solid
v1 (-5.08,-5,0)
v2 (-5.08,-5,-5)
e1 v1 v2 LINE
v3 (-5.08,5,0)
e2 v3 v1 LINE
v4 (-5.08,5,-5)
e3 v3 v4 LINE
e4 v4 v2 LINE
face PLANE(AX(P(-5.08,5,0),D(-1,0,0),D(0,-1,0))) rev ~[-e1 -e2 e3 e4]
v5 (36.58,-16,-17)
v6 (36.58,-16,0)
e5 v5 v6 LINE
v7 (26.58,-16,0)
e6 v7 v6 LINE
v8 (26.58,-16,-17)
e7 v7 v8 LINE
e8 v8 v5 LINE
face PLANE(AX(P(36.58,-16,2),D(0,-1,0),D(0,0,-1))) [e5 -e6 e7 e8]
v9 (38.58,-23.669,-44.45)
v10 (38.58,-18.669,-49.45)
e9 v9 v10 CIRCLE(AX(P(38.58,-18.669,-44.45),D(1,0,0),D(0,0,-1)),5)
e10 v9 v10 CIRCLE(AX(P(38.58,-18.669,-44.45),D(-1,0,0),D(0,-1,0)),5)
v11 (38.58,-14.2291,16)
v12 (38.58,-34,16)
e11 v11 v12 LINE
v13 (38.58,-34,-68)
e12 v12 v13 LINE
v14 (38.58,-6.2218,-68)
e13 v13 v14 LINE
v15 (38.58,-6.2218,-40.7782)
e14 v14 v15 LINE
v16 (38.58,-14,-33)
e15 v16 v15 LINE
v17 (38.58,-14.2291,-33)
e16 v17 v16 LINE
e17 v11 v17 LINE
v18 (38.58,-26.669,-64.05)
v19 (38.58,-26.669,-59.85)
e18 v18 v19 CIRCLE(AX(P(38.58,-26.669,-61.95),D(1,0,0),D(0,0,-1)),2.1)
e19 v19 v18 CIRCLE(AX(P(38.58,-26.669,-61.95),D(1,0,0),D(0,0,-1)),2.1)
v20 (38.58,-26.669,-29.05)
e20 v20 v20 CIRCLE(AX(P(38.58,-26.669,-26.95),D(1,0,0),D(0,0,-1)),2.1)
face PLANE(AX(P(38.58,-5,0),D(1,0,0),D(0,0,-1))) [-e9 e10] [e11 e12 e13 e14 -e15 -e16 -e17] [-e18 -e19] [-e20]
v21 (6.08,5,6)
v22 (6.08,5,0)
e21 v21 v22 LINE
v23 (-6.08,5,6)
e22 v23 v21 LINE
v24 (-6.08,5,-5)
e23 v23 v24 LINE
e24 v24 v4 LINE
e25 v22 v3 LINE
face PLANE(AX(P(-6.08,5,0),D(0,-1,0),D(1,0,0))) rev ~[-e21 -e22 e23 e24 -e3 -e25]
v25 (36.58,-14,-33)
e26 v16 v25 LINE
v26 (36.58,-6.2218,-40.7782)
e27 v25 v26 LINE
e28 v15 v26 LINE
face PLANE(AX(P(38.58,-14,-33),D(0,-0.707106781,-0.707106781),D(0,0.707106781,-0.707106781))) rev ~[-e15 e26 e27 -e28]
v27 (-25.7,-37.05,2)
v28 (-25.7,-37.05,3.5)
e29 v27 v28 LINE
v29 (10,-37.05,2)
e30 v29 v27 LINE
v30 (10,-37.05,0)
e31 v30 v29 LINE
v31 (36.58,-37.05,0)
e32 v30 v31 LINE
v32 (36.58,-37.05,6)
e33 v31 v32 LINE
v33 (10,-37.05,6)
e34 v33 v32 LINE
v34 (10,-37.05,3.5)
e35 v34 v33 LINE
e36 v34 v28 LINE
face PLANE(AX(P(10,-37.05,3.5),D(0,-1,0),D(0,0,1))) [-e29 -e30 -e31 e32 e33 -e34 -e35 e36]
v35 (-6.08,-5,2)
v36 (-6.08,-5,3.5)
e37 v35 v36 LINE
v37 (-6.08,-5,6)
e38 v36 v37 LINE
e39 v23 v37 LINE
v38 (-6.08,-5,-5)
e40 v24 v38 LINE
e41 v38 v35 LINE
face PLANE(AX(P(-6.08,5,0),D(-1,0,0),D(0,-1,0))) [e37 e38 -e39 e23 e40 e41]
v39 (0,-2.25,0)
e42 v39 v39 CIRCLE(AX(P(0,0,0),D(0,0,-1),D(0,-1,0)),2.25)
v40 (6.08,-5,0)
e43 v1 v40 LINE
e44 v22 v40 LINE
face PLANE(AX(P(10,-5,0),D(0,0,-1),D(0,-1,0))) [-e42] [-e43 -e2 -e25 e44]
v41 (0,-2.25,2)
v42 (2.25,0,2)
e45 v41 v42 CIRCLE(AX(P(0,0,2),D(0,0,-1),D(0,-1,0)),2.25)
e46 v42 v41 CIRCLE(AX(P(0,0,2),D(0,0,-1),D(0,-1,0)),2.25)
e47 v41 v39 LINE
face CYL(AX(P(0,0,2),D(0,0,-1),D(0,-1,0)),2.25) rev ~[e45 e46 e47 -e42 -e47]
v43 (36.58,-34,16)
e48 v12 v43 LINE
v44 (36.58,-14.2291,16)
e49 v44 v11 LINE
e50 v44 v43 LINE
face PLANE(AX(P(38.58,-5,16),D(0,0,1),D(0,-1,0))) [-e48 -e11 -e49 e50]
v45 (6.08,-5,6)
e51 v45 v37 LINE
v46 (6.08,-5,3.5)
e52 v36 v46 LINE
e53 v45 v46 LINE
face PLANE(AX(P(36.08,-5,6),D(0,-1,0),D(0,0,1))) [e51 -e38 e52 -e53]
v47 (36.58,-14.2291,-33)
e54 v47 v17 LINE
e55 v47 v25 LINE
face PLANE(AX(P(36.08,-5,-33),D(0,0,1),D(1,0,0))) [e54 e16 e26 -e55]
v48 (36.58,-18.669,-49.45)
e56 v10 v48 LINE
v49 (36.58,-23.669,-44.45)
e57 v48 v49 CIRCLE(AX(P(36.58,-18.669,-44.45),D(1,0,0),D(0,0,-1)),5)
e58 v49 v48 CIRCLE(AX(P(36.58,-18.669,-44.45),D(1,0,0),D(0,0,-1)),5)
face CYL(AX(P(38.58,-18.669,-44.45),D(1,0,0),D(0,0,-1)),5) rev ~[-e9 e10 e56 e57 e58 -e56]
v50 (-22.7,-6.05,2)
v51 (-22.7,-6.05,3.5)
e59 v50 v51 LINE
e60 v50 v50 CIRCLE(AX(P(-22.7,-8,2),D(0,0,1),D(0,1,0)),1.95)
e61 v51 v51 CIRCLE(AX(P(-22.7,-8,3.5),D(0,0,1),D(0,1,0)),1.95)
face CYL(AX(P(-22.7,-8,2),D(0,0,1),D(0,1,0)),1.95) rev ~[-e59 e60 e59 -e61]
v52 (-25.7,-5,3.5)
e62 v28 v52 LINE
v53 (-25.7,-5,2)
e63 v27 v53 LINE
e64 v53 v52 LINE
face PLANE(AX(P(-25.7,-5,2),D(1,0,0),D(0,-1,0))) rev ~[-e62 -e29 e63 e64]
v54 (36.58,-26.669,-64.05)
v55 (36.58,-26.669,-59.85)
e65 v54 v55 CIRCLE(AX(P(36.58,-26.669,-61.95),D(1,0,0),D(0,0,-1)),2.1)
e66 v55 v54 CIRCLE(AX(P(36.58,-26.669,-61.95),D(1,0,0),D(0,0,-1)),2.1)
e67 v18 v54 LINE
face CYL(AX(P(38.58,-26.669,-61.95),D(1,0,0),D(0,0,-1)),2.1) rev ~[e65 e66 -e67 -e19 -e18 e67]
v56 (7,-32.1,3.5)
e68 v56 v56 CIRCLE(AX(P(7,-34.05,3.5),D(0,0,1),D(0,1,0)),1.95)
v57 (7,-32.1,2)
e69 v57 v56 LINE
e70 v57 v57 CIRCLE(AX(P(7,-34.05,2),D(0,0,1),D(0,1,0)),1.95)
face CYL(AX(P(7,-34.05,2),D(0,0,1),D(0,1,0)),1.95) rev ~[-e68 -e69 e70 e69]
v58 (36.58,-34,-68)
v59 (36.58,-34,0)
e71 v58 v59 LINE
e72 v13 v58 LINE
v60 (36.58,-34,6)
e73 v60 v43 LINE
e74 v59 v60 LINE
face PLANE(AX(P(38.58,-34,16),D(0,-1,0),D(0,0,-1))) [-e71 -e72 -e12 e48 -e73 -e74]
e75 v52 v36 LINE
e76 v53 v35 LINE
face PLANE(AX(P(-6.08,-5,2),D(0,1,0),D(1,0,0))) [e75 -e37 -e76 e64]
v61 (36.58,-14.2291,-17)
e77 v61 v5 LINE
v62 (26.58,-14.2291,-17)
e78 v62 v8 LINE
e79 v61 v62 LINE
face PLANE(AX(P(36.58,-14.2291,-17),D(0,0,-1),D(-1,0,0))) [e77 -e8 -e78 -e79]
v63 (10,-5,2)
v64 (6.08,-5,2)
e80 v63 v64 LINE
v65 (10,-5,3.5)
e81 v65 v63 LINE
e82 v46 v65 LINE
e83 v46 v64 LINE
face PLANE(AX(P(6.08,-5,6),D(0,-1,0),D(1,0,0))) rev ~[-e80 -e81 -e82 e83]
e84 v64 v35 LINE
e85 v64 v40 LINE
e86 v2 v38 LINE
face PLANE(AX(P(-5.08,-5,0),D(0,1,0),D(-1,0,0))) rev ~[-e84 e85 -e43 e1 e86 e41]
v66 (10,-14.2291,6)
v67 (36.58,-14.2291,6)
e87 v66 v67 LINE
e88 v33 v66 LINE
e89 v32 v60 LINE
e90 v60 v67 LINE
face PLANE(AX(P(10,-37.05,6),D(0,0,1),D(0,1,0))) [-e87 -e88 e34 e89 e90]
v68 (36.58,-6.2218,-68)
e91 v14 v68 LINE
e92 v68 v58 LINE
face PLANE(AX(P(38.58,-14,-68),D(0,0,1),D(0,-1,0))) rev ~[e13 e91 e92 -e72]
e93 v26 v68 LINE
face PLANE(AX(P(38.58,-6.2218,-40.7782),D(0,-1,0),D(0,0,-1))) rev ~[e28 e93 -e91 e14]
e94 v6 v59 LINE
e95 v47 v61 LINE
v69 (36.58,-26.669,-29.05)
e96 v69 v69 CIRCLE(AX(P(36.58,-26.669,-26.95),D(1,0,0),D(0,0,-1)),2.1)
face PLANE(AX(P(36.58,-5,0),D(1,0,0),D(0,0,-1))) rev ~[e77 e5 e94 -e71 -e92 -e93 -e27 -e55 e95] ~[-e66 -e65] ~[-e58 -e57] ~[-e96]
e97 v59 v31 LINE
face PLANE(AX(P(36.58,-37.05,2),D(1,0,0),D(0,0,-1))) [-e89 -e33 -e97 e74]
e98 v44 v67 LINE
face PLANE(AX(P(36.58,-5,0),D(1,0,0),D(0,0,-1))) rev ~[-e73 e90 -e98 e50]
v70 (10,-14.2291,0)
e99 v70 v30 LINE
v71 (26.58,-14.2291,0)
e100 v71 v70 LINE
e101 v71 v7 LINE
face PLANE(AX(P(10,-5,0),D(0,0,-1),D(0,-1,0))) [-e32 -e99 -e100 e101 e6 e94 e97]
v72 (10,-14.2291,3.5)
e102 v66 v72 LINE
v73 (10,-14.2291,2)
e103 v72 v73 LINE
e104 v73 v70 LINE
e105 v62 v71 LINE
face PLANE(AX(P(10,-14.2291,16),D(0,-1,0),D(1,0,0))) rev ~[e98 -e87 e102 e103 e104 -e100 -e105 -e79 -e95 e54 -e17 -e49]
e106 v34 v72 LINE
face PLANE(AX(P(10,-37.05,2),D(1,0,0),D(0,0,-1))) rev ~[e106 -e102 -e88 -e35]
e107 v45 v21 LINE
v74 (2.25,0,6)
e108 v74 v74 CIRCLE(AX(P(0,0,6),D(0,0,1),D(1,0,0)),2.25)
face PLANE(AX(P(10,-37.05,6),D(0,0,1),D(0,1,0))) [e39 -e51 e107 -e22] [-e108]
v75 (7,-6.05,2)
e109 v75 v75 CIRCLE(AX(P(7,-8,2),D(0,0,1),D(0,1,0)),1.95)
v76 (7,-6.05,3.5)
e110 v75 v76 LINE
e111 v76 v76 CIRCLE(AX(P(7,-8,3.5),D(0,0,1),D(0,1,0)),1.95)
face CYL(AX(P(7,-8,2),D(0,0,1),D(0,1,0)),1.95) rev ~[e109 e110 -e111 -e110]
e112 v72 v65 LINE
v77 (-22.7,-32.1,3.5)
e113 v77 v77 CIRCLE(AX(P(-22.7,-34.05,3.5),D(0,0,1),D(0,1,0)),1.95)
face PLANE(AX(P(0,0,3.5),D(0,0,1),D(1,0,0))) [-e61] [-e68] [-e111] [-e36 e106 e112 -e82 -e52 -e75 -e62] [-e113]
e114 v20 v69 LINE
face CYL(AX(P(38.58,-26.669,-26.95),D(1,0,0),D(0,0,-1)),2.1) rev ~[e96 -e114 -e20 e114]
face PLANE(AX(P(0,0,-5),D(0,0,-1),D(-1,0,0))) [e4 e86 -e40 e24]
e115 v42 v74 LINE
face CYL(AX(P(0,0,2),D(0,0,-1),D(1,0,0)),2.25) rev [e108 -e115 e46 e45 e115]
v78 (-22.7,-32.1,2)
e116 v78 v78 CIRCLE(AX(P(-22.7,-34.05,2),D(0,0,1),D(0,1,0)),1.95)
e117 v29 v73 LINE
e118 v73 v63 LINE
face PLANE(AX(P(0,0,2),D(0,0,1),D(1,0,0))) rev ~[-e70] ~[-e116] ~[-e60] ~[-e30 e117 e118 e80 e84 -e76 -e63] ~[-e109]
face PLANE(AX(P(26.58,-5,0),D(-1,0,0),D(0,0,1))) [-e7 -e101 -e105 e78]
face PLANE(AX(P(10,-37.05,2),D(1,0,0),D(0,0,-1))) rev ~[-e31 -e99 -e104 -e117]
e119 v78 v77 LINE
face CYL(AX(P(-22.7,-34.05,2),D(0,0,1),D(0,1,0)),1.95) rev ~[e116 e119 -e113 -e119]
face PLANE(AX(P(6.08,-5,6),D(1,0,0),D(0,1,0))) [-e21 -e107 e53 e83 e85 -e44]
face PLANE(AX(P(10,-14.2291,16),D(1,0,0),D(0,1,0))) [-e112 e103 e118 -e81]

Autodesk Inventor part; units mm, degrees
ref_plane "YZ Plane" through (0, 0, 0) normal (1, 0, 0) x (0, 1, 0)
ref_plane "XZ Plane" through (0, 0, 0) normal (0, 1, 0) x (-1, 0, 0)
ref_plane "XY Plane" through (0, 0, 0) normal (0, 0, 1) x (1, 0, 0)
sketch "Sketch14" plane through (0, 0, 0) normal (0, 0, 1) x (1, 0, 0)
  line L0 (0, 0) -> (-6.08, 0)
  line L1 (-6.08, 0) -> (0, 0)
  line L2 (0, 0) -> (6.08, 0)
  line L3 (-6.08, 0) -> (-6.08, 5)
  line L4 (-6.08, 0) -> (-1.08, 0) construction
  line L5 (-6.08, 5) -> (6.08, 5)
  line L6 (6.08, 5) -> (6.08, -5)
  line L7 (6.08, -5) -> (-6.08, -5)
  line L8 (-6.08, -5) -> (-6.08, 5)
  dimension "d66" = 6.08
  dimension "d67" = 6.08
  dimension "d68" = 5
  dimension "d69" = 90
  dimension "d70" = 12.16
  dimension "d71" = 10
extrude "Extrusion7" add sketch "Sketch14" along normal blind 2
sketch "Sketch15" plane through (0, 0, 2) normal (0, 0, 1) x (1, 0, 0)
  circle A0 centre (0, 0) radius 1.0665
hole "Hole4" at (0, 0, 2) direction (0, 0, -1) diameter 4.5 end through all clearance for "Flat Head Machine Screw" size "M4" standard "Ansi Metric M Profile"
sketch "Sketch16" plane through (0, 0, 2) normal (0, 0, 1) x (1, 0, 0)
  line L0 (6.08, 5) -> (-6.08, 5) projected
  line L1 (0, 5) -> (10, 5)
  line L2 (10, 5) -> (-25.7, 5)
  line L3 (-25.7, 5) -> (-25.7, 37.05)
  line L4 (-25.7, 37.05) -> (10, 37.05)
  line L5 (10, 37.05) -> (10, 5)
  line L6 (-6.08, -5) -> (6.08, -5) projected
  line L7 (0, -5) -> (10, -5)
  line L8 (10, -5) -> (-25.7, -5)
  line L9 (-25.7, -5) -> (-25.7, -37.05)
  line L10 (-25.7, -37.05) -> (10, -37.05)
  line L11 (10, -37.05) -> (10, -5)
  line L12 (-25.7, 37.05) -> (-22.7, 37.05)
  line L13 (-22.7, 37.05) -> (-22.7, 34.05)
  line L14 (-22.7, 34.05) -> (-25.7, 34.05)
  line L15 (-25.7, 34.05) -> (-25.7, 37.05)
  line L16 (-22.7, 34.05) -> (7, 34.05)
  line L17 (7, 34.05) -> (7, 8)
  line L18 (7, 8) -> (-22.7, 8)
  line L19 (-22.7, 8) -> (-22.7, 34.05)
  line L20 (-25.7, -37.05) -> (-22.7, -37.05)
  line L21 (-22.7, -37.05) -> (-22.7, -34.05)
  line L22 (-22.7, -34.05) -> (-25.7, -34.05)
  line L23 (-25.7, -34.05) -> (-25.7, -37.05)
  line L24 (-22.7, -34.05) -> (7, -34.05)
  line L25 (7, -34.05) -> (7, -8)
  line L26 (7, -8) -> (-22.7, -8)
  line L27 (-22.7, -8) -> (-22.7, -34.05)
  line L28 (-25.7, -5) -> (10, -5)
  line L29 (10, -5) -> (10, -37.05)
  line L30 (10, -37.05) -> (-25.7, -37.05)
  line L31 (-25.7, -37.05) -> (-25.7, -5)
  point P0 (0, 0)
  dimension "d81" = 10
  dimension "d82" = 35.7
  dimension "d83" = 32.05
  dimension "d84" = 35.7
  dimension "d85" = 32.05
  dimension "d86" = 3
  dimension "d87" = 3
  dimension "d88" = 29.7
  dimension "d89" = 26.05
  dimension "d90" = 3
  dimension "d91" = 3
  dimension "d92" = 29.7
  dimension "d93" = 26.05
  dimension "d172" = 10
extrude "Extrusion8" add sketch "Sketch16" along normal blind 1.5 contours L16 L17 L18 L19 | L0 L2 L3 L14 L13 L4 L5 L1 | L13 L14 L3 L4 | L27 L26 L25 L24 | L6 L7 L11 L10 L21 L22 L9 L8 | L22 L21 L10 L9
hole "Hole5" at (-22.7, 34.05, 2) at (-22.7, 8, 2) at (7, 8, 2) at (7, 34.05, 2) at (7, -8, 2) at (7, -34.05, 2) at (-22.7, -34.05, 2) at (-22.7, -8, 2) direction (0, 0, 1) diameter 3.9 end through all clearance for "Flat Head Machine Screw" size "M3.5" standard "Ansi Metric M Profile"
sketch "Sketch17" plane through (0, 0, 2) normal (0, 0, 1) x (1, 0, 0)
  circle A0 centre (0, 0) radius 2.25 projected
  line L0 (6.08, -5) -> (6.08, 5) projected
  line L1 (6.08, 5) -> (-6.08, 5) projected
  line L2 (-6.08, 5) -> (-6.08, -5) projected
  line L3 (-6.08, -5) -> (6.08, -5) projected
extrude "Extrusion9" add sketch "Sketch17" along normal blind 4
sketch "Sketch18" plane through (6.08, -5, 0) normal (1, 0, 0) x (0, 0, -1)
  line L0 (0, 0) -> (0, 10) projected
  line L1 (0, 10) -> (-2, 10) projected
  line L2 (-3.5, 10) -> (-2, 10) projected
  line L3 (-3.5, 10) -> (-6, 10) projected
  line L4 (-6, 0) -> (-6, 10) projected
  line L5 (-3.5, 0) -> (-6, 0) projected
  line L6 (-2, 0) -> (-3.5, 0) projected
  line L7 (0, 0) -> (-2, 0) projected
  point P0 (0, 5)
extrude "Extrusion10" add sketch "Sketch18" along normal blind 30
sketch "Sketch19" plane through (36.08, -5, 0) normal (1, 0, 0) x (0, 0, -1)
  line L0 (-6, 10) -> (-6, 0) projected
  line L1 (-6, 0) -> (-16, 0)
  line L2 (-16, 0) -> (-16, 50)
  line L3 (-16, 50) -> (29, 50)
  line L4 (29, 50) -> (29, 25)
  line L5 (29, 25) -> (0, 10)
  line L6 (0, 10) -> (0, 0) projected
  line L7 (0, 10) -> (0, 0)
  line L8 (0, 0) -> (-6, 0)
  point P0 (0, 5)
  dimension "d107" = 10
  dimension "d108" = 50
  dimension "d109" = 90
  dimension "d110" = 45
  dimension "d111" = 90
  dimension "d112" = 25
extrude "Extrusion11" add sketch "Sketch19" along normal blind 2.5
sketch "Sketch21" plane through (38.58, -5, 0) normal (1, 0, 0) x (0, 0, -1)
  line L0 (-3.5, 10) -> (-6, 10) projected
  line L1 (0, 10) -> (0, 24.05)
  line L2 (0, 10) -> (14.05, 10) construction
  line L3 (0, 24.05) -> (6.713, 24.05)
  point P0 (0, 5)
  point P1 (3, 10)
  point P2 (-2, 10)
  dimension "d118" = 14.05
  dimension "d119" = 90
  dimension "d120" = 6.713
  dimension "d121" = 90
hole "Hole6" at (38.58, 19.05, -6.713) direction (-1, 0, 0) diameter 10 end through all
sketch "Sketch22" plane through (38.58, -5, 0) normal (1, 0, 0) x (0, 0, -1)
  circle A0 centre (6.713, 24.05) radius 5 projected
  line L0 (6.713, 24.05) -> (6.713, 32.05)
  line L1 (6.713, 24.05) -> (14.713, 24.05) construction
  line L2 (6.713, 32.05) -> (24.213, 32.05)
  line L3 (24.213, 32.05) -> (-10.787, 32.05)
  point P0 (0, 5)
  dimension "d129" = 8
  dimension "d130" = 90
  dimension "d131" = 17.5
  dimension "d132" = 90
  dimension "d133" = 35
hole "Hole7" at (38.58, 27.05, 10.787) at (38.58, 27.05, -24.213) direction (-1, 0, 0) diameter 4.2 end through all
sketch "Sketch23" plane through (38.58, -5, 0) normal (1, 0, 0) x (0, 0, -1)
  line L0 (-3.5, 0) -> (-2, 0) projected
  line L1 (-2, 0) -> (-2, -9)
  line L2 (-2, 0) -> (7, 0) construction
  line L3 (-2, -9) -> (33, -9) construction
  line L4 (-2, -9) -> (33, -9)
  line L5 (-2, -9) -> (33, -9) construction
  line L6 (33, -9) -> (40.7782, -1.2218)
  line L7 (40.7782, -1.2218) -> (60.7782, -1.2218)
  line L8 (33, -9) -> (68, -9)
  line L9 (33, -9) -> (68, -9) construction
  line L10 (68, -9) -> (68, -1.2218)
  line L11 (68, -1.2218) -> (60.7782, -1.2218)
  line L12 (68, -9) -> (68, -29)
  line L13 (68, -9) -> (88, -9) construction
  line L14 (68, -29) -> (-2, -29)
  line L15 (-2, -29) -> (-2, -9)
  line L16 (33, -9) -> (44.45, -9)
  line L17 (44.45, -9) -> (44.45, -13.669)
  line L18 (44.45, -9) -> (49.119, -9) construction
  line L19 (44.45, -13.669) -> (44.45, -21.669)
  line L20 (44.45, -21.669) -> (61.95, -21.669)
  line L21 (61.95, -21.669) -> (26.95, -21.669)
  circle A0 centre (26.95, -21.669) radius 2.1
  circle A1 centre (61.95, -21.669) radius 2.1
  circle A2 centre (44.45, -13.669) radius 5
  point P0 (0, 5)
  dimension "d141" = 9
  dimension "d142" = 90
  dimension "d145" = 35
  dimension "d146" = 0
  dimension "d147" = 11
  dimension "d148" = 135
  dimension "d149" = 20
  dimension "d150" = 35
  dimension "d151" = 0
  dimension "d152" = 20
  dimension "d153" = 90
  dimension "d154" = 90
  dimension "d155" = 11.45
  dimension "d156" = 4.669
  dimension "d157" = 90
  dimension "d158" = 8
  dimension "d159" = 17.5
  dimension "d160" = 35
  dimension "d161" = 4.2
  dimension "d162" = 4.2
  dimension "d163" = 10
extrude "Extrusion13" add sketch "Sketch23" against normal blind 2 contours L4 L8 A2 L12 L14 L15 | L6 L7 L11 L10 L8 A2
sketch "Sketch24" plane through (38.58, -5, 0) normal (1, 0, 0) x (0, 0, -1)
  line L0 (-16, 50) -> (-16, 0) projected
  line L1 (-16, 0) -> (-16, -29)
  line L2 (68, -29) -> (-2, -29) projected
  line L3 (-16, -29) -> (-2, -29)
  line L4 (0, 0) -> (-2, 0) projected
  line L5 (-2, -29) -> (-2, 0)
  line L6 (-16, 0) -> (0, 0) projected
  line L7 (-2, 0) -> (-16, 0)
  point P0 (0, 5)
  point P1 (3, 0)
extrude "Extrusion14" add sketch "Sketch24" against normal blind 2
sketch "Sketch25" plane through (36.58, -5, 0) normal (-1, 0, 0) x (0, 0, 1)
  line L0 (2, -9) -> (-33, -9) projected
  line L1 (-33, -9) -> (2, -9)
  line L2 (2, -9) -> (2, -11)
  line L3 (2, -11) -> (-33, -11)
  line L4 (-33, -11) -> (-33, -9)
  line L5 (2, -11) -> (6, -11)
  line L6 (6, -11) -> (6, 0)
  line L7 (6, 0) -> (2, 0)
  line L8 (2, 0) -> (2, -11)
  point P0 (0, 5)
  point P1 (2, -9)
  dimension "d168" = 35
  dimension "d169" = 2
extrude "Extrusion15" add sketch "Sketch25" along normal blind 10
sketch "Sketch26" plane through (38.58, -5, 0) normal (1, 0, 0) x (0, 0, -1)
  line L0 (29, 50) -> (-16, 50) projected
  line L1 (-16, 50) -> (29, 50)
  line L2 (29, 50) -> (29, 10)
  line L3 (29, 10) -> (-16, 10)
  line L4 (-16, 10) -> (-16, 50)
  dimension "d173" = 40
extrude "Extrusion16" cut sketch "Sketch26" against normal up to surface (64.28 mm away)
sketch "Sketch27" plane through (10, -37.05, 2) normal (1, 0, 0) x (0, 0, -1)
  line L0 (-1.5, 0) -> (-4, 0)
  line L1 (0, 32.05) -> (-4, 32.05) projected
  line L2 (-4, 0) -> (-4, 32.05)
  line L3 (0, 32.05) -> (2, 32.05) projected
  line L4 (-4, 32.05) -> (2, 32.05)
  line L5 (2, 32.05) -> (2, 0)
  line L6 (2, 0) -> (-1.5, 0)
  point P0 (2, 37.05)
extrude "Extrusion17" add sketch "Sketch27" along normal up to surface (26.58 mm away)
sketch "Sketch28" plane through (36.08, -5, 16) normal (0, 0, 1) x (1, 0, 0)
  line L0 (2.5, 0) -> (2.5, 10) projected
  line L1 (-26.08, -32.05) -> (-26.08, 0) projected
  line L2 (2.5, 10) -> (-26.08, 10)
  line L3 (-26.08, 10) -> (-26.08, -9.2291)
  line L4 (-26.08, -9.2291) -> (2.5, -9.2291)
  line L5 (2.5, -9.2291) -> (2.5, 10)
  point P0 (-36.08, 5)
extrude "Extrusion18" cut sketch "Sketch28" against normal up to surface (49 mm away)
sketch "Sketch29" plane through (0, 0, 6) normal (0, 0, 1) x (1, 0, 0)
  line L0 (-6.08, 5) -> (10, 5) projected
  line L1 (-6.08, -5) -> (6.08, -5)
  line L2 (6.08, -5) -> (6.08, 5)
  line L3 (6.08, 5) -> (-6.08, 5)
  line L4 (-6.08, 5) -> (-6.08, -5)
  line L5 (10, 5) -> (6.08, 5)
  line L6 (6.08, 5) -> (6.08, -5)
  line L7 (6.08, -5) -> (10, -5)
  line L8 (10, -5) -> (10, 5)
  point P0 (0, 0)
  dimension "d180" = 12.16
extrude "Extrusion19" cut sketch "Sketch29" against normal blind 10 contours L0 L8 L7 L2
sketch "Sketch30" plane through (36.58, -14.2291, 16) normal (0, 1, 0) x (1, 0, 0)
  line L0 (-10, 49) -> (-10, 16) projected
  line L1 (0, 84) -> (0, 16) projected
  line L2 (-10, 49) -> (0, 49)
  line L3 (0, 49) -> (0, 33)
  line L4 (0, 33) -> (-10, 33)
  line L5 (-10, 33) -> (-10, 49)
  point P0 (-36.58, 16)
  dimension "d183" = 16
extrude "Extrusion20" cut sketch "Sketch30" against normal blind 10
sketch "Sketch31" plane through (0, 0, 0) normal (0, 0, -1) x (-1, 0, 0)
  line L0 (6.08, 5) -> (6.08, -5) projected
  line L1 (-6.08, -5) -> (6.08, -5) projected
  line L2 (6.08, 5) -> (5.08, 5)
  line L3 (5.08, 5) -> (5.08, -5)
  line L4 (5.08, -5) -> (6.08, -5)
  line L5 (6.08, -5) -> (6.08, 5)
  point P0 (0, 0)
  dimension "d186" = 1
extrude "Extrusion21" add sketch "Sketch31" along normal blind 5
properties part number "Shelf_half_left"
